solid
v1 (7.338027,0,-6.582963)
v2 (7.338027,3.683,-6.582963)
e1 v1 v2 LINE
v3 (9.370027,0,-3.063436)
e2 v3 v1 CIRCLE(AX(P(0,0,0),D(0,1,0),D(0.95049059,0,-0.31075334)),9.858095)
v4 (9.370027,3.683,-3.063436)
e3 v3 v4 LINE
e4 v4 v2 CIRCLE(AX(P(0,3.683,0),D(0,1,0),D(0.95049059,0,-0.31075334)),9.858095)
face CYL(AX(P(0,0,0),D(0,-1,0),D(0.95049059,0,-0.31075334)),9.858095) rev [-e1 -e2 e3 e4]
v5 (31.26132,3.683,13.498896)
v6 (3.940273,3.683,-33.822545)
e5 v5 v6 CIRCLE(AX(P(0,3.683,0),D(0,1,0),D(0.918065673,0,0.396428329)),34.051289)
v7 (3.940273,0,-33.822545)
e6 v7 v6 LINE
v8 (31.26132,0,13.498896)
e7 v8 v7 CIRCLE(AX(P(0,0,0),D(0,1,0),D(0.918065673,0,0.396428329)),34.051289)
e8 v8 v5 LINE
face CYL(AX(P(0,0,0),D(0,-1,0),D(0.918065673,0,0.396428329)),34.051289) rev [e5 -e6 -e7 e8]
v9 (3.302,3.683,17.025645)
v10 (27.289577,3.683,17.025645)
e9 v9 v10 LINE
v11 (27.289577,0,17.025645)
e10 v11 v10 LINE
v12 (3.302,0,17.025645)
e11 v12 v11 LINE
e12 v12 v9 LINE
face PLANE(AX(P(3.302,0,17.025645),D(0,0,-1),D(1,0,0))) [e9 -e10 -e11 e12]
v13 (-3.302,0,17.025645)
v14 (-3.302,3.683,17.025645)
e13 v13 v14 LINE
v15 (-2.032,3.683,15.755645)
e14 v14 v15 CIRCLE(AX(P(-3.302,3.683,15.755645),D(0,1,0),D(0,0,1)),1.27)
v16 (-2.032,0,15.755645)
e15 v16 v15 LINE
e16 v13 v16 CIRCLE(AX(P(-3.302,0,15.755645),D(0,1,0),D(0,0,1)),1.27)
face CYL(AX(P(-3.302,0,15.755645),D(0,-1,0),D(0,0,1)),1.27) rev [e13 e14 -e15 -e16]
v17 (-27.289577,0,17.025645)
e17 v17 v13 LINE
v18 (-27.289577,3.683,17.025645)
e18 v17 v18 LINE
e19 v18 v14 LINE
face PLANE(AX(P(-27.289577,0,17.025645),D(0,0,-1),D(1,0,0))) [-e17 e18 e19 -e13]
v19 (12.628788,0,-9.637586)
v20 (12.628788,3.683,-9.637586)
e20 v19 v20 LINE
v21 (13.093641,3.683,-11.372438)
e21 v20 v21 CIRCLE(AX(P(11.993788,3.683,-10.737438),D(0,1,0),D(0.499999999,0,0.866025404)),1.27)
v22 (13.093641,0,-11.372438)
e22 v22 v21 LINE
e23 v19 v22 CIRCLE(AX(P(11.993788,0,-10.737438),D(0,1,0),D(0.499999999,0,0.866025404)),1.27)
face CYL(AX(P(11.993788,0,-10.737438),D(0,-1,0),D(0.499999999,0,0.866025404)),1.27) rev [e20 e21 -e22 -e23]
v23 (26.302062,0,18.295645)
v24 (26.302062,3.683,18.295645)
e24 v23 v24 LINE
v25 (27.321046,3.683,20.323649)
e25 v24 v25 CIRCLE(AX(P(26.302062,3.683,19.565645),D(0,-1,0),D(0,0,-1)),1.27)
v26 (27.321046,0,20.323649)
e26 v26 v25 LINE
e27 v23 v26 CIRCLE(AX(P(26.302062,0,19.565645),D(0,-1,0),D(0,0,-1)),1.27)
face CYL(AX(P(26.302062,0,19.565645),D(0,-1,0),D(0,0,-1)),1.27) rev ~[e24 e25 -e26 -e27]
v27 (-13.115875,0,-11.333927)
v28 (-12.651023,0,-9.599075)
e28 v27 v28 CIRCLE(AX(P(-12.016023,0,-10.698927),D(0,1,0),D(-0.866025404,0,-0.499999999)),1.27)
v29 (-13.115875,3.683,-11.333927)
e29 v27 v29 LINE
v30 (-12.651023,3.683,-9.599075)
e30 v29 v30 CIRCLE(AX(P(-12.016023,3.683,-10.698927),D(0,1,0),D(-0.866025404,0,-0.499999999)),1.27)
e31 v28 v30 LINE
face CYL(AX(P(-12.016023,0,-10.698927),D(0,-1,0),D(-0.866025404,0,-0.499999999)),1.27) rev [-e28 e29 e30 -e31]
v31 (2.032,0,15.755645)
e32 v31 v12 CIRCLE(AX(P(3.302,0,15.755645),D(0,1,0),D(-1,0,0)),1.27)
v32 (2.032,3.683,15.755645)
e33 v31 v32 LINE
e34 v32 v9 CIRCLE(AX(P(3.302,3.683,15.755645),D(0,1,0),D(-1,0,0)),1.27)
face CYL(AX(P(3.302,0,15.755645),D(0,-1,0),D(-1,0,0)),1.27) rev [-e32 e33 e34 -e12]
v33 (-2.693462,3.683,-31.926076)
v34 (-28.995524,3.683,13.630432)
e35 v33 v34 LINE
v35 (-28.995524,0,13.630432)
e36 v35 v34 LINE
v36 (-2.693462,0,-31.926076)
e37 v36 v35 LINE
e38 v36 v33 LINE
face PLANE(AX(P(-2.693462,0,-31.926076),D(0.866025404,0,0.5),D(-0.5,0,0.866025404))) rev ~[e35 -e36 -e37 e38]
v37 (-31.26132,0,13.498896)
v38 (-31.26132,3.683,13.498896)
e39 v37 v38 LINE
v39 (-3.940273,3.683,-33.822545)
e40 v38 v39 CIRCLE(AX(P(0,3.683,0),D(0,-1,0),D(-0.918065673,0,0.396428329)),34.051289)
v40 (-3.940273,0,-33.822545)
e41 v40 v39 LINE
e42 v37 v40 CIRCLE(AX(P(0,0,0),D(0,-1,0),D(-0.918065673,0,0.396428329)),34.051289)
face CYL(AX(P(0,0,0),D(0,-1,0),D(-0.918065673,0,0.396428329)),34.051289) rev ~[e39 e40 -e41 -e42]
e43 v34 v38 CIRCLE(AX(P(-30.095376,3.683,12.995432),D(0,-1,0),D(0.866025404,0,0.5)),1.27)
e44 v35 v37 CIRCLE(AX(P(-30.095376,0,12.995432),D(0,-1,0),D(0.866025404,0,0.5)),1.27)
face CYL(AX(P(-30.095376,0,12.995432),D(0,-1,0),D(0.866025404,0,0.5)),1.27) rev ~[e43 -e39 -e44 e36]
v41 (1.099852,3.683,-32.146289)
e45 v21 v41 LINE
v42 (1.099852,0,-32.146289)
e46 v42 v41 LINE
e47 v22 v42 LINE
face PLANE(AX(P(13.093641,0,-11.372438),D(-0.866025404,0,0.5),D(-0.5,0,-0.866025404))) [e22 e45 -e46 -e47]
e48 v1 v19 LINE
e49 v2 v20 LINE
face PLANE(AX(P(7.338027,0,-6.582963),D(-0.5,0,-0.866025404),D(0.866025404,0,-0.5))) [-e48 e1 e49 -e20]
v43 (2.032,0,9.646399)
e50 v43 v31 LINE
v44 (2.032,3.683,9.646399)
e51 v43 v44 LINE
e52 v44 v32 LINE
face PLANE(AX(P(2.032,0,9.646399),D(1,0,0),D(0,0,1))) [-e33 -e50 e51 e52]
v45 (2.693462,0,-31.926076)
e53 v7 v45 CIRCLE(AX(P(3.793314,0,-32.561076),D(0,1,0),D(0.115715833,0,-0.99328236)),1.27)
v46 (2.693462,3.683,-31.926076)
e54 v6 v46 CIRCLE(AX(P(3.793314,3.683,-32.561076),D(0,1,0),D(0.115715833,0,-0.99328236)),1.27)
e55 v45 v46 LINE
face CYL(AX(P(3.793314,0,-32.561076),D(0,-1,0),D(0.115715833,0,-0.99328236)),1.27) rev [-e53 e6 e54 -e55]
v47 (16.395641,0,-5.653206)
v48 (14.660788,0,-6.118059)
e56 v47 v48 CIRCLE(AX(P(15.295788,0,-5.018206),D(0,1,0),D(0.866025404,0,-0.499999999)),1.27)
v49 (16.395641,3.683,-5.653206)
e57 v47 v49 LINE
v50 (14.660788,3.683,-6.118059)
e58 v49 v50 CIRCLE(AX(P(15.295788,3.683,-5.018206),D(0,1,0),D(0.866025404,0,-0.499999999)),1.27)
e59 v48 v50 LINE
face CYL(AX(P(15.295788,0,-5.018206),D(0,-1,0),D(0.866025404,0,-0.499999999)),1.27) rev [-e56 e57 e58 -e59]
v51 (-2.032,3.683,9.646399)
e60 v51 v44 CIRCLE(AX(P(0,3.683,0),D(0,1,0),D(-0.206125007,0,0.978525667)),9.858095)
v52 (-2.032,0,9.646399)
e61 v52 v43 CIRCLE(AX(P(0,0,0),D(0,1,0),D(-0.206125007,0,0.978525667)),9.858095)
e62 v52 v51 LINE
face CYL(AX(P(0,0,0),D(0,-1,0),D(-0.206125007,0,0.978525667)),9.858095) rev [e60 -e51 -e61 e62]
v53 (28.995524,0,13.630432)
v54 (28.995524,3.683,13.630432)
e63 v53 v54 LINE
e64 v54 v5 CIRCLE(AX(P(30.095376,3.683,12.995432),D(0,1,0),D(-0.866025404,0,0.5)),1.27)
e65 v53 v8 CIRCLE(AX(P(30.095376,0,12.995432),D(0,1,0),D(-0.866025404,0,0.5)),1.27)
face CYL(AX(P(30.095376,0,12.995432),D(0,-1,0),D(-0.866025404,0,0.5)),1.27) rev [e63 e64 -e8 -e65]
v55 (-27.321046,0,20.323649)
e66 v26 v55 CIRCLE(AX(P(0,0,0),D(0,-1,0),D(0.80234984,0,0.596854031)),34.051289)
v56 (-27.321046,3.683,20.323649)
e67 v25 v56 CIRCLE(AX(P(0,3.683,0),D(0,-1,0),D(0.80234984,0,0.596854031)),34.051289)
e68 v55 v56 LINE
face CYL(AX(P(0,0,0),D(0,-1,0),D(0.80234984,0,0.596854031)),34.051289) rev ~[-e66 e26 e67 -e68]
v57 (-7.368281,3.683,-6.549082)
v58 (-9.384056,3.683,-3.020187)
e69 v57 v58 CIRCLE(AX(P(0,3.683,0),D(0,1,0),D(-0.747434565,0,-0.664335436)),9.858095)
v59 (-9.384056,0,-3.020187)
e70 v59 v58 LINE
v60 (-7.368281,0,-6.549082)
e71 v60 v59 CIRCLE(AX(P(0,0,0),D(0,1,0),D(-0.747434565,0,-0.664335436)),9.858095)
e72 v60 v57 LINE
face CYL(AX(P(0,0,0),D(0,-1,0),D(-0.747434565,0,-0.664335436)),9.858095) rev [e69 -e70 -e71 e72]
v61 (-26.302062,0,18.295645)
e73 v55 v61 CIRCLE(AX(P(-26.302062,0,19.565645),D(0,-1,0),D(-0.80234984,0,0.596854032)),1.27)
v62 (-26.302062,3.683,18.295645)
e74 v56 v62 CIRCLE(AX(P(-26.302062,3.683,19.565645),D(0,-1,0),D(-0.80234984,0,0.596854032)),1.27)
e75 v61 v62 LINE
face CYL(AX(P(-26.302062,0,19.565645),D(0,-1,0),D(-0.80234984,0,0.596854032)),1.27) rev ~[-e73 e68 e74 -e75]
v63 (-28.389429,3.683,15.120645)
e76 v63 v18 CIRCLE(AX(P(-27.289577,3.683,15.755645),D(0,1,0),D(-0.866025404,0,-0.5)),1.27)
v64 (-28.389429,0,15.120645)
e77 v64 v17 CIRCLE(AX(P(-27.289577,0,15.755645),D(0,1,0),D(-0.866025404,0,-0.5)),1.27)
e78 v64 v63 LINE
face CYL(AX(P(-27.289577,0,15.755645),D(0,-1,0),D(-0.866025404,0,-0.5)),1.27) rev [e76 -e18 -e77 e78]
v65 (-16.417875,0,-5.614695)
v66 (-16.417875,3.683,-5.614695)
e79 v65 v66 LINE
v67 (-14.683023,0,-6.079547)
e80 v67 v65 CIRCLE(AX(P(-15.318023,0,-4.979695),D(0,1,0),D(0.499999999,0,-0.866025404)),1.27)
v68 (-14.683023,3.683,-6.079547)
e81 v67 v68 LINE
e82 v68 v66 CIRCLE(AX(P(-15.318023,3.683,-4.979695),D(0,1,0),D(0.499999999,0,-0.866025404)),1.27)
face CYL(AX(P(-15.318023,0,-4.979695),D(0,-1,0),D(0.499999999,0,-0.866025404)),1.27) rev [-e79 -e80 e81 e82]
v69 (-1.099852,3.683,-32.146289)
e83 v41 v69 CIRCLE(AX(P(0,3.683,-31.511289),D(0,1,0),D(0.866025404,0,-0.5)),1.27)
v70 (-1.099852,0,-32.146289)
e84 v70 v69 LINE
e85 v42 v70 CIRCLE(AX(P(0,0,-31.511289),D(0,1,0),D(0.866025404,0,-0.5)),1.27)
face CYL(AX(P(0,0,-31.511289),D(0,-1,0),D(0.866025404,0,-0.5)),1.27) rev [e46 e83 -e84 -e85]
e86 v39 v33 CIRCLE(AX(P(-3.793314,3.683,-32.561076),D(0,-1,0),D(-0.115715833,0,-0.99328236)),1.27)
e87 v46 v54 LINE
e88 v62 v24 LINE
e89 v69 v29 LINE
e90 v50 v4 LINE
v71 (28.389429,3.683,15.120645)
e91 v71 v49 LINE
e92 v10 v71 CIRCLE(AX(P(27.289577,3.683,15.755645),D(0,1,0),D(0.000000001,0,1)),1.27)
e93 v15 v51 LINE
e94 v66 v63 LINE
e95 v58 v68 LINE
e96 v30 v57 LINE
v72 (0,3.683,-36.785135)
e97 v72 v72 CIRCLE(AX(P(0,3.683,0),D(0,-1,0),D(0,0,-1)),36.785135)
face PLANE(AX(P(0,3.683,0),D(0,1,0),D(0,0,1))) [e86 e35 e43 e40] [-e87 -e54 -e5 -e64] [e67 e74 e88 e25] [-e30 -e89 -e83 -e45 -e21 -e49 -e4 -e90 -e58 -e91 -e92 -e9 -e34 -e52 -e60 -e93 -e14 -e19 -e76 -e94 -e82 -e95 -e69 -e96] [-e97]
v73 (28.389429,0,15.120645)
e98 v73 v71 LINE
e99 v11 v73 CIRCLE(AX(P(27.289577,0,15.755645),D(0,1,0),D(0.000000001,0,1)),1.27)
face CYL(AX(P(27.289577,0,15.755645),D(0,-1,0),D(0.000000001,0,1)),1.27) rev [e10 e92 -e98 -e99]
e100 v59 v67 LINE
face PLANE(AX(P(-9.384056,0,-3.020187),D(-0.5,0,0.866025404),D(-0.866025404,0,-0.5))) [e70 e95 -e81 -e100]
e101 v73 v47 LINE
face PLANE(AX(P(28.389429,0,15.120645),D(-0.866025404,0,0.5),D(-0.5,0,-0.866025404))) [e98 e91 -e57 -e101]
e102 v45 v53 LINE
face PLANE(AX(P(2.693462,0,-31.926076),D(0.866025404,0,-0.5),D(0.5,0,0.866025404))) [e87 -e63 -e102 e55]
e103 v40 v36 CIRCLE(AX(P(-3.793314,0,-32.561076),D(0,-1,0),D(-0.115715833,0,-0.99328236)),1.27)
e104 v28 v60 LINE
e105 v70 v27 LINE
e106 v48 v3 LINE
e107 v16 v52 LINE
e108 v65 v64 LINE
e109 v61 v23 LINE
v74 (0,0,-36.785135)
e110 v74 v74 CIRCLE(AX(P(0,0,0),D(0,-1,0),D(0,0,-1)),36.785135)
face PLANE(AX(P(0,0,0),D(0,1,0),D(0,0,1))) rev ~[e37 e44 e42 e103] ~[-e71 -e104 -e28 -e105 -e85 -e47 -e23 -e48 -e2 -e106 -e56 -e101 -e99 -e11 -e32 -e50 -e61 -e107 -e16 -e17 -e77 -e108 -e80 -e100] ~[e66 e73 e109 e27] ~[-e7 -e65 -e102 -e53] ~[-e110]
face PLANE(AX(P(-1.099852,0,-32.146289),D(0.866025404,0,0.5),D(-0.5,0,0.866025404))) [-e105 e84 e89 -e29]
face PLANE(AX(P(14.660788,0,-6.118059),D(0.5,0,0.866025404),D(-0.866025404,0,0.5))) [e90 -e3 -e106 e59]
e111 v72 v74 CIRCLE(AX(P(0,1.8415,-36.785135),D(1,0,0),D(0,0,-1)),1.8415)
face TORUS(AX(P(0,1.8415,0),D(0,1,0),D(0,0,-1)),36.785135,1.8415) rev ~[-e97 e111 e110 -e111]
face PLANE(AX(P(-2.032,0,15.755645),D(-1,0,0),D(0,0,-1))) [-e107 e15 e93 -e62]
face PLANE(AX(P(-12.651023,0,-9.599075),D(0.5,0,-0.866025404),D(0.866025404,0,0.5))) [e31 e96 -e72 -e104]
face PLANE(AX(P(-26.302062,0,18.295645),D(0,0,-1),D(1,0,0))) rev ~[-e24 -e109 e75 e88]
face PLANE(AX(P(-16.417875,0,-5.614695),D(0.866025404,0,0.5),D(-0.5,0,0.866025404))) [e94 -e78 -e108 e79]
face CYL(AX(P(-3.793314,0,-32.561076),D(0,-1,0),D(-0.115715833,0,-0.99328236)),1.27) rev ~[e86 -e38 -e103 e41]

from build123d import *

# Parameters (mm, degrees)
SKETCH1_R           = 36.785134715
BOSS_EXTRUDE1_DEPTH = 3.683
SKETCH2_R           = 1.8415


with BuildPart() as part:
    # Sketch1 → Boss-Extrude1 (new body)
    with BuildSketch(Plane(origin=(0, 0, 0), x_dir=(1, 0, 0), z_dir=(0, 1, 0))):
        Circle(SKETCH1_R)
        with BuildLine():
            Line((-1.099852263, 32.146289174), (-13.115875302, 11.333926765))
            ThreePointArc((-13.115875302, 11.333926765), (-13.242748838, 10.370226578), (-12.651023039, 9.599074503))
            Line((-12.651023039, 9.599074503), (-7.368281269, 6.549082119))
            ThreePointArc((-7.368281269, 6.549082119), (-8.559992893, 4.889638753), (-9.384056343, 3.020187413))
            Line((-9.384056343, 3.020187413), (-14.683023039, 6.079547262))
            ThreePointArc((-14.683023039, 6.079547262), (-15.646723226, 6.206420798), (-16.417875302, 5.614694999))
            Line((-16.417875302, 5.614694999), (-28.389429193, -15.120644587))
            ThreePointArc((-28.389429193, -15.120644587), (-28.389429193, -16.390644587), (-27.289576931, -17.025644587))
            Line((-27.289576931, -17.025644587), (-3.302, -17.025644587))
            ThreePointArc((-3.302, -17.025644587), (-2.403974388, -16.653670199), (-2.032, -15.755644587))
            Line((-2.032, -15.755644587), (-2.032, -9.646399404))
            ThreePointArc((-2.032, -9.646399404), (0, -9.858095427), (2.032, -9.646399404))
            Line((2.032, -9.646399404), (2.032, -15.755644587))
            ThreePointArc((2.032, -15.755644587), (2.403974388, -16.653670199), (3.302, -17.025644587))
            Line((3.302, -17.025644587), (27.289576931, -17.025644587))
            ThreePointArc((27.289576931, -17.025644587), (28.389429193, -16.390644587), (28.389429193, -15.120644587))
            Line((28.389429193, -15.120644587), (16.395640728, 5.65320641))
            ThreePointArc((16.395640728, 5.65320641), (15.624488653, 6.24493221), (14.660788465, 6.118058673))
            Line((14.660788465, 6.118058673), (9.370026939, 3.063436081))
            ThreePointArc((9.370026939, 3.063436081), (8.537361073, 4.929047714), (7.338026939, 6.582963322))
            Line((7.338026939, 6.582963322), (12.628788465, 9.637585914))
            ThreePointArc((12.628788465, 9.637585914), (13.220514265, 10.408737989), (13.093640728, 11.372438177))
            Line((13.093640728, 11.372438177), (1.099852263, 32.146289174))
            ThreePointArc((1.099852263, 32.146289174), (0, 32.781289174), (-1.099852263, 32.146289174))
        make_face(mode=Mode.SUBTRACT)
        with BuildLine():
            Line((-2.693461931, 31.926076262), (-28.995524051, -13.630431675))
            ThreePointArc((-28.995524051, -13.630431675), (-30.168979582, -14.26329703), (-31.261319719, -13.498895652))
            ThreePointArc((-31.261319719, -13.498895652), (-29.489281456, 17.025644587), (-3.940273302, 33.822544859))
            ThreePointArc((-3.940273302, 33.822544859), (-2.732112221, 33.258751239), (-2.693461931, 31.926076262))
        make_face(mode=Mode.SUBTRACT)
        with BuildLine():
            Line((2.693461931, 31.926076262), (28.995524051, -13.630431675))
            ThreePointArc((28.995524051, -13.630431675), (30.168979582, -14.26329703), (31.261319719, -13.498895652))
            ThreePointArc((31.261319719, -13.498895652), (29.489281456, 17.025644587), (3.940273302, 33.822544859))
            ThreePointArc((3.940273302, 33.822544859), (2.732112221, 33.258751239), (2.693461931, 31.926076262))
        make_face(mode=Mode.SUBTRACT)
        with BuildLine():
            Line((-26.302062121, -18.295644587), (26.302062121, -18.295644587))
            ThreePointArc((26.302062121, -18.295644587), (27.436867361, -18.995454209), (27.321046417, -20.323649206))
            ThreePointArc((27.321046417, -20.323649206), (0, -34.051289174), (-27.321046417, -20.323649206))
            ThreePointArc((-27.321046417, -20.323649206), (-27.436867361, -18.995454209), (-26.302062121, -18.295644587))
        make_face(mode=Mode.SUBTRACT)
    extrude(amount=BOSS_EXTRUDE1_DEPTH)

    # Sketch2 → Cut-Revolve2 (revolve, cut)
    with BuildSketch(Plane.XY):
        with Locations((36.785134715, 1.8415)):
            Circle(SKETCH2_R)
    revolve(axis=Axis((0, 0, 0), (0, 1, 0)), mode=Mode.SUBTRACT)


solid = part.part
